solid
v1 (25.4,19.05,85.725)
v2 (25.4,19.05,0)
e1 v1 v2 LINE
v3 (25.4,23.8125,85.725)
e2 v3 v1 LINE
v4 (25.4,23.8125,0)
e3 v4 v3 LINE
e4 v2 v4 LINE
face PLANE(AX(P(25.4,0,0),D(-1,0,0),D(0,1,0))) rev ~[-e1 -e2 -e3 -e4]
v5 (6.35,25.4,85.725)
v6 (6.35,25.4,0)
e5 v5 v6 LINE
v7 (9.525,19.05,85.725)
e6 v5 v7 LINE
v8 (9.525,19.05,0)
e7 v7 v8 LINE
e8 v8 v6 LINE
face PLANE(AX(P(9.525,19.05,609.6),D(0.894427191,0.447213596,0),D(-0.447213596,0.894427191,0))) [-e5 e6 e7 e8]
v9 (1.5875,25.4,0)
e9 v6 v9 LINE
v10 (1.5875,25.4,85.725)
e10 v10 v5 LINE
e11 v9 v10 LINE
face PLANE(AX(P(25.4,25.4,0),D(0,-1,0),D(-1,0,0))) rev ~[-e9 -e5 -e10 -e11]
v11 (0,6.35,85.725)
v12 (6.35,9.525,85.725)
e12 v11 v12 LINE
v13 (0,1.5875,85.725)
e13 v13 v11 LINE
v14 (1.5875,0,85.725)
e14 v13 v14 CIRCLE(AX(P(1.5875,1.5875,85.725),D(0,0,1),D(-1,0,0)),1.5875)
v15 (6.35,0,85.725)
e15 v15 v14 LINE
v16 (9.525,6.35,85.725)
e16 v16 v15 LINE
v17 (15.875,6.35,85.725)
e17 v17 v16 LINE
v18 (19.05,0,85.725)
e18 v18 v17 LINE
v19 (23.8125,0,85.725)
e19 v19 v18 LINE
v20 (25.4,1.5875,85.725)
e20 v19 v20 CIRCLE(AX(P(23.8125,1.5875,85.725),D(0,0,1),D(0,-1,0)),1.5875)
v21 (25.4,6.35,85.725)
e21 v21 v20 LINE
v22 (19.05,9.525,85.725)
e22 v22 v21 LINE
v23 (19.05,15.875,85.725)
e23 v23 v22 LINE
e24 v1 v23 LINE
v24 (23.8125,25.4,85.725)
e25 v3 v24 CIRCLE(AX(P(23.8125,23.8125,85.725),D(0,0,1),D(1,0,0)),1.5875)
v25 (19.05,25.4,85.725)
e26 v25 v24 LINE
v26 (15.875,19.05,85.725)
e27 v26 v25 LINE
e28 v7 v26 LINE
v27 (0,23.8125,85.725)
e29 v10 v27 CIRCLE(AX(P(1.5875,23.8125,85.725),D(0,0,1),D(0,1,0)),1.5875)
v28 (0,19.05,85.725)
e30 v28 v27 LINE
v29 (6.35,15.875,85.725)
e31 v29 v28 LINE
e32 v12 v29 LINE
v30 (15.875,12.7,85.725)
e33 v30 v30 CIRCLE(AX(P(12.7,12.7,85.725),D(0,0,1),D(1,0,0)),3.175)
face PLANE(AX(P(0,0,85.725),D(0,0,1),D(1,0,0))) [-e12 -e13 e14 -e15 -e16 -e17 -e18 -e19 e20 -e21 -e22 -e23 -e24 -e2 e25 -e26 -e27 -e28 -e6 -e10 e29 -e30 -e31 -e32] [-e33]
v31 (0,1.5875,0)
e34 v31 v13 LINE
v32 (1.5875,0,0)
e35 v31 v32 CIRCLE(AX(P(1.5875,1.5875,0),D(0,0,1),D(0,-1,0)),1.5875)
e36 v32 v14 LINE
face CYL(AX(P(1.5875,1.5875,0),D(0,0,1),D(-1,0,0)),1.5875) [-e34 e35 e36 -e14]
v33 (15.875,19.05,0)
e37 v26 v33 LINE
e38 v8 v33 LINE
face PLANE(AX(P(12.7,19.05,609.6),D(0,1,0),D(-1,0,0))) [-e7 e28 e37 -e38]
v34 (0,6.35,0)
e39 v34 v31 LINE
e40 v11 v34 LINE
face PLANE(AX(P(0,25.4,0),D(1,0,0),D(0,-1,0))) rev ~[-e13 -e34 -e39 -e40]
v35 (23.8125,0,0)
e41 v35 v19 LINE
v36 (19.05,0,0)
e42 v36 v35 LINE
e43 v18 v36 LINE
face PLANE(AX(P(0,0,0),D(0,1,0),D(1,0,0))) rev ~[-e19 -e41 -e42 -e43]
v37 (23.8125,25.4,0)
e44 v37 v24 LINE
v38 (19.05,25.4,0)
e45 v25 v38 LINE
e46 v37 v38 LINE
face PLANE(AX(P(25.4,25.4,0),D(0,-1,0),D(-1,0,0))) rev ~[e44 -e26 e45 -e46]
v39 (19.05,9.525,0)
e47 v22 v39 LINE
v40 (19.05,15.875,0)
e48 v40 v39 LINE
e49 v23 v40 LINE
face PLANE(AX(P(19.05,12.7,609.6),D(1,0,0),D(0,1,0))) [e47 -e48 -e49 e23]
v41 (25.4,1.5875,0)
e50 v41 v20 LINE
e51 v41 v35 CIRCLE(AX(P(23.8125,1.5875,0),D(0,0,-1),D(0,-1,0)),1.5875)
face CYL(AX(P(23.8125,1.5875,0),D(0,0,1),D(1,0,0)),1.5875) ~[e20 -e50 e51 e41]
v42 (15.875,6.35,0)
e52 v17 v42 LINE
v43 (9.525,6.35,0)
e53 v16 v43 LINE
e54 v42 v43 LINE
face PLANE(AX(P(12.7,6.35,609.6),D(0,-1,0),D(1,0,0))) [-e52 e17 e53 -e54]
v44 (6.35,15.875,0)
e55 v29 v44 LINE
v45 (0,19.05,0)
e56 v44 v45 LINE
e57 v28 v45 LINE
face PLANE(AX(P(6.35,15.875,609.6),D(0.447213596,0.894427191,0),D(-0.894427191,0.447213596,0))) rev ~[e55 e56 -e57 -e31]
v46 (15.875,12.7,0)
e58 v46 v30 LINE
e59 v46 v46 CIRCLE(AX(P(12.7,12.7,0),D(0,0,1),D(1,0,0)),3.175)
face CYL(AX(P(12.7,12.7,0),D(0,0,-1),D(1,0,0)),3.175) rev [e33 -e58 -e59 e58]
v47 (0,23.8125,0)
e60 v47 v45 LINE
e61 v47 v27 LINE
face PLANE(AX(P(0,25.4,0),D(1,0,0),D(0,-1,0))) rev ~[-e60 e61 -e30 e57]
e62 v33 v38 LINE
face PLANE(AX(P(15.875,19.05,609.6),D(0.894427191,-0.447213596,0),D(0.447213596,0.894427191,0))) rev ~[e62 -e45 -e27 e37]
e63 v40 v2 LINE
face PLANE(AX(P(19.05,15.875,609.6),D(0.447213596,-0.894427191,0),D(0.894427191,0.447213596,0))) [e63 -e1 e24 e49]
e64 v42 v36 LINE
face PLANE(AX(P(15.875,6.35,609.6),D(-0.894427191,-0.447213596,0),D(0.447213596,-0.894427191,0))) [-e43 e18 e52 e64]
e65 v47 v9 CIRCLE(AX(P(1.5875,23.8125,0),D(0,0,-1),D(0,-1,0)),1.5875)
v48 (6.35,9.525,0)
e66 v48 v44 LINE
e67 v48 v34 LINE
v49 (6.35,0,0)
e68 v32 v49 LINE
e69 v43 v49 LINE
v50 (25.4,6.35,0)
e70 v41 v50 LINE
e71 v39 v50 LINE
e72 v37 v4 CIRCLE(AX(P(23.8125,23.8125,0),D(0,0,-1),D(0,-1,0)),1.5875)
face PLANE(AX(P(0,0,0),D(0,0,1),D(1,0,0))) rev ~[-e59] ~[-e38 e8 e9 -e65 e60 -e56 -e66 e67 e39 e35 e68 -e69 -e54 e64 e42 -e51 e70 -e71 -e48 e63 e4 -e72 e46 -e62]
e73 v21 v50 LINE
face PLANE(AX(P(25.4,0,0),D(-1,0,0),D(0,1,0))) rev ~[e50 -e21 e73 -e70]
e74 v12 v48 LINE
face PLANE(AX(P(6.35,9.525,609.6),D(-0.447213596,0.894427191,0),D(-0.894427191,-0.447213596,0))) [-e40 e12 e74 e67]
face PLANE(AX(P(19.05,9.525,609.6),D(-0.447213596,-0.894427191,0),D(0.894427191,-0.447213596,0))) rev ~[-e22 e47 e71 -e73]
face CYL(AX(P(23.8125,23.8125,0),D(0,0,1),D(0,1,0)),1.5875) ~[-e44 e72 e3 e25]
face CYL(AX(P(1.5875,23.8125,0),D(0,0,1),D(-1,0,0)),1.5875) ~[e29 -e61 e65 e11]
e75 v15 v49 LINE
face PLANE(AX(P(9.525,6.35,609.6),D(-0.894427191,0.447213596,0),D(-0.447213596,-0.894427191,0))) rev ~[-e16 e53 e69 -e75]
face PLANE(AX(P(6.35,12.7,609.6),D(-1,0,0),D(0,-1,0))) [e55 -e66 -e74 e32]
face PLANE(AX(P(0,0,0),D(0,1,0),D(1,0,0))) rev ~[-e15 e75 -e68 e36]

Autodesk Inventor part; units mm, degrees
ref_plane "YZ Plane" through (0, 0, 0) normal (1, 0, 0) x (0, 1, 0)
ref_plane "XZ Plane" through (0, 0, 0) normal (0, 1, 0) x (-1, 0, 0)
ref_plane "XY Plane" through (0, 0, 0) normal (0, 0, 1) x (1, 0, 0)
sketch "Sketch1" plane through (0, 0, 0) normal (0, 0, 1) x (1, 0, 0)
  line L0 (0, 0) -> (25.4, 0)
  line L1 (25.4, 0) -> (25.4, 25.4)
  line L2 (25.4, 25.4) -> (0, 25.4)
  line L3 (0, 25.4) -> (0, 0)
  circle A0 centre (12.7, 12.7) radius 3.175
  dimension "d0" = 25.4
  dimension "d1" = 25.4
  dimension "d2" = 6.35
  dimension "d7" = 12.7
  dimension "d8" = 12.7
extrude "Extrusion1" add sketch "Sketch1" along normal blind 609.6
sketch "Sketch2" plane through (0, 0, 609.6) normal (0, 0, 1) x (1, 0, 0)
  line L0 (25.4, 25.4) -> (0, 25.4) projected
  line L1 (0, 25.4) -> (0, 0) projected
  circle A0 centre (12.7, 12.7) radius 3.175 projected
  line L2 (0, 0) -> (25.4, 0) projected
  line L3 (25.4, 0) -> (25.4, 25.4) projected
  line L4 (25.4, 25.4) -> (0, 25.4) projected
  line L5 (0, 25.4) -> (0, 0) projected
  line L6 (12.7, 19.05) -> (9.525, 19.05)
  line L7 (9.525, 19.05) -> (15.875, 19.05)
  line L8 (15.875, 19.05) -> (19.05, 25.4)
  line L9 (9.525, 19.05) -> (6.35, 25.4)
  dimension "d13" = 6.35
  dimension "d14" = 6.35
  dimension "d15" = 3.175
  dimension "d16" = 6.35
fillet "Fillet1" radius 1.5875 4 edges at (25.4, 25.4, 304.8) (0, 25.4, 304.8) (25.4, 0, 304.8) (0, 0, 304.8)
extrude "Extrusion2" cut sketch "Sketch2" against normal blind 609.6 contours L8 L7 L6 L9 L0
pattern_circular "Circular Pattern1" count 4 over 360 about axis through (12.7, 12.7, 0) along (0, 0, 1) of "Extrusion2"
sketch "Sketch3" plane through (0, 0, 609.6) normal (0, 0, 1) x (1, 0, 0)
  line L0 (19.05, 15.875) -> (25.4, 19.05) projected
  line L1 (25.4, 19.05) -> (25.4, 23.8125) projected
  arc A0 (25.4, 23.8125) -> (23.8125, 25.4) centre (23.8125, 23.8125) ccw projected
  line L2 (23.8125, 25.4) -> (19.05, 25.4) projected
  line L3 (19.05, 25.4) -> (15.875, 19.05) projected
  line L4 (15.875, 19.05) -> (9.525, 19.05) projected
  line L5 (9.525, 19.05) -> (6.35, 25.4) projected
  line L6 (6.35, 25.4) -> (1.5875, 25.4) projected
  arc A1 (1.5875, 25.4) -> (0, 23.8125) centre (1.5875, 23.8125) ccw projected
  line L7 (0, 23.8125) -> (0, 19.05) projected
  line L8 (0, 19.05) -> (6.35, 15.875) projected
  line L9 (6.35, 15.875) -> (6.35, 9.525) projected
  line L10 (6.35, 9.525) -> (0, 6.35) projected
  line L11 (0, 6.35) -> (0, 1.5875) projected
  arc A2 (0, 1.5875) -> (1.5875, 0) centre (1.5875, 1.5875) ccw projected
  line L12 (1.5875, 0) -> (6.35, 0) projected
  line L13 (6.35, 0) -> (9.525, 6.35) projected
  line L14 (9.525, 6.35) -> (15.875, 6.35) projected
  line L15 (15.875, 6.35) -> (19.05, 0) projected
  line L16 (19.05, 0) -> (23.8125, 0) projected
  arc A3 (23.8125, 0) -> (25.4, 1.5875) centre (23.8125, 1.5875) ccw projected
  line L17 (25.4, 1.5875) -> (25.4, 6.35) projected
  line L18 (25.4, 6.35) -> (19.05, 9.525) projected
  line L19 (19.05, 9.525) -> (19.05, 15.875) projected
  circle A4 centre (12.7, 12.7) radius 3.175 projected
  point P0 (0, 0)
extrude "Extrusion3" cut sketch "Sketch3" against normal blind 517.525
sketch "Sketch4" plane through (0, 0, 92.075) normal (0, 0, 1) x (1, 0, 0)
  circle A0 centre (12.7, 12.7) radius 3.175 projected
  line L0 (25.4, 19.05) -> (19.05, 15.875) projected
  line L1 (25.4, 23.8125) -> (25.4, 19.05) projected
  arc A1 (25.4, 23.8125) -> (23.8125, 25.4) centre (23.8125, 23.8125) ccw projected
  line L2 (19.05, 25.4) -> (23.8125, 25.4) projected
  line L3 (15.875, 19.05) -> (19.05, 25.4) projected
  line L4 (9.525, 19.05) -> (15.875, 19.05) projected
  line L5 (6.35, 25.4) -> (9.525, 19.05) projected
  line L6 (1.5875, 25.4) -> (6.35, 25.4) projected
  arc A2 (1.5875, 25.4) -> (0, 23.8125) centre (1.5875, 23.8125) ccw projected
  line L7 (0, 19.05) -> (0, 23.8125) projected
  line L8 (6.35, 15.875) -> (0, 19.05) projected
  line L9 (6.35, 9.525) -> (6.35, 15.875) projected
  line L10 (0, 6.35) -> (6.35, 9.525) projected
  line L11 (0, 1.5875) -> (0, 6.35) projected
  arc A3 (0, 1.5875) -> (1.5875, 0) centre (1.5875, 1.5875) ccw projected
  line L12 (6.35, 0) -> (1.5875, 0) projected
  line L13 (9.525, 6.35) -> (6.35, 0) projected
  line L14 (15.875, 6.35) -> (9.525, 6.35) projected
  line L15 (19.05, 0) -> (15.875, 6.35) projected
  line L16 (23.8125, 0) -> (19.05, 0) projected
  arc A4 (23.8125, 0) -> (25.4, 1.5875) centre (23.8125, 1.5875) ccw projected
  line L17 (25.4, 6.35) -> (25.4, 1.5875) projected
  line L18 (19.05, 9.525) -> (25.4, 6.35) projected
  line L19 (19.05, 15.875) -> (19.05, 9.525) projected
  point P0 (0, 0)
extrude "Extrusion4" cut sketch "Sketch4" against normal blind 6.35
properties part number "Mock 8020 3.375in" material "Aluminum 6061"
